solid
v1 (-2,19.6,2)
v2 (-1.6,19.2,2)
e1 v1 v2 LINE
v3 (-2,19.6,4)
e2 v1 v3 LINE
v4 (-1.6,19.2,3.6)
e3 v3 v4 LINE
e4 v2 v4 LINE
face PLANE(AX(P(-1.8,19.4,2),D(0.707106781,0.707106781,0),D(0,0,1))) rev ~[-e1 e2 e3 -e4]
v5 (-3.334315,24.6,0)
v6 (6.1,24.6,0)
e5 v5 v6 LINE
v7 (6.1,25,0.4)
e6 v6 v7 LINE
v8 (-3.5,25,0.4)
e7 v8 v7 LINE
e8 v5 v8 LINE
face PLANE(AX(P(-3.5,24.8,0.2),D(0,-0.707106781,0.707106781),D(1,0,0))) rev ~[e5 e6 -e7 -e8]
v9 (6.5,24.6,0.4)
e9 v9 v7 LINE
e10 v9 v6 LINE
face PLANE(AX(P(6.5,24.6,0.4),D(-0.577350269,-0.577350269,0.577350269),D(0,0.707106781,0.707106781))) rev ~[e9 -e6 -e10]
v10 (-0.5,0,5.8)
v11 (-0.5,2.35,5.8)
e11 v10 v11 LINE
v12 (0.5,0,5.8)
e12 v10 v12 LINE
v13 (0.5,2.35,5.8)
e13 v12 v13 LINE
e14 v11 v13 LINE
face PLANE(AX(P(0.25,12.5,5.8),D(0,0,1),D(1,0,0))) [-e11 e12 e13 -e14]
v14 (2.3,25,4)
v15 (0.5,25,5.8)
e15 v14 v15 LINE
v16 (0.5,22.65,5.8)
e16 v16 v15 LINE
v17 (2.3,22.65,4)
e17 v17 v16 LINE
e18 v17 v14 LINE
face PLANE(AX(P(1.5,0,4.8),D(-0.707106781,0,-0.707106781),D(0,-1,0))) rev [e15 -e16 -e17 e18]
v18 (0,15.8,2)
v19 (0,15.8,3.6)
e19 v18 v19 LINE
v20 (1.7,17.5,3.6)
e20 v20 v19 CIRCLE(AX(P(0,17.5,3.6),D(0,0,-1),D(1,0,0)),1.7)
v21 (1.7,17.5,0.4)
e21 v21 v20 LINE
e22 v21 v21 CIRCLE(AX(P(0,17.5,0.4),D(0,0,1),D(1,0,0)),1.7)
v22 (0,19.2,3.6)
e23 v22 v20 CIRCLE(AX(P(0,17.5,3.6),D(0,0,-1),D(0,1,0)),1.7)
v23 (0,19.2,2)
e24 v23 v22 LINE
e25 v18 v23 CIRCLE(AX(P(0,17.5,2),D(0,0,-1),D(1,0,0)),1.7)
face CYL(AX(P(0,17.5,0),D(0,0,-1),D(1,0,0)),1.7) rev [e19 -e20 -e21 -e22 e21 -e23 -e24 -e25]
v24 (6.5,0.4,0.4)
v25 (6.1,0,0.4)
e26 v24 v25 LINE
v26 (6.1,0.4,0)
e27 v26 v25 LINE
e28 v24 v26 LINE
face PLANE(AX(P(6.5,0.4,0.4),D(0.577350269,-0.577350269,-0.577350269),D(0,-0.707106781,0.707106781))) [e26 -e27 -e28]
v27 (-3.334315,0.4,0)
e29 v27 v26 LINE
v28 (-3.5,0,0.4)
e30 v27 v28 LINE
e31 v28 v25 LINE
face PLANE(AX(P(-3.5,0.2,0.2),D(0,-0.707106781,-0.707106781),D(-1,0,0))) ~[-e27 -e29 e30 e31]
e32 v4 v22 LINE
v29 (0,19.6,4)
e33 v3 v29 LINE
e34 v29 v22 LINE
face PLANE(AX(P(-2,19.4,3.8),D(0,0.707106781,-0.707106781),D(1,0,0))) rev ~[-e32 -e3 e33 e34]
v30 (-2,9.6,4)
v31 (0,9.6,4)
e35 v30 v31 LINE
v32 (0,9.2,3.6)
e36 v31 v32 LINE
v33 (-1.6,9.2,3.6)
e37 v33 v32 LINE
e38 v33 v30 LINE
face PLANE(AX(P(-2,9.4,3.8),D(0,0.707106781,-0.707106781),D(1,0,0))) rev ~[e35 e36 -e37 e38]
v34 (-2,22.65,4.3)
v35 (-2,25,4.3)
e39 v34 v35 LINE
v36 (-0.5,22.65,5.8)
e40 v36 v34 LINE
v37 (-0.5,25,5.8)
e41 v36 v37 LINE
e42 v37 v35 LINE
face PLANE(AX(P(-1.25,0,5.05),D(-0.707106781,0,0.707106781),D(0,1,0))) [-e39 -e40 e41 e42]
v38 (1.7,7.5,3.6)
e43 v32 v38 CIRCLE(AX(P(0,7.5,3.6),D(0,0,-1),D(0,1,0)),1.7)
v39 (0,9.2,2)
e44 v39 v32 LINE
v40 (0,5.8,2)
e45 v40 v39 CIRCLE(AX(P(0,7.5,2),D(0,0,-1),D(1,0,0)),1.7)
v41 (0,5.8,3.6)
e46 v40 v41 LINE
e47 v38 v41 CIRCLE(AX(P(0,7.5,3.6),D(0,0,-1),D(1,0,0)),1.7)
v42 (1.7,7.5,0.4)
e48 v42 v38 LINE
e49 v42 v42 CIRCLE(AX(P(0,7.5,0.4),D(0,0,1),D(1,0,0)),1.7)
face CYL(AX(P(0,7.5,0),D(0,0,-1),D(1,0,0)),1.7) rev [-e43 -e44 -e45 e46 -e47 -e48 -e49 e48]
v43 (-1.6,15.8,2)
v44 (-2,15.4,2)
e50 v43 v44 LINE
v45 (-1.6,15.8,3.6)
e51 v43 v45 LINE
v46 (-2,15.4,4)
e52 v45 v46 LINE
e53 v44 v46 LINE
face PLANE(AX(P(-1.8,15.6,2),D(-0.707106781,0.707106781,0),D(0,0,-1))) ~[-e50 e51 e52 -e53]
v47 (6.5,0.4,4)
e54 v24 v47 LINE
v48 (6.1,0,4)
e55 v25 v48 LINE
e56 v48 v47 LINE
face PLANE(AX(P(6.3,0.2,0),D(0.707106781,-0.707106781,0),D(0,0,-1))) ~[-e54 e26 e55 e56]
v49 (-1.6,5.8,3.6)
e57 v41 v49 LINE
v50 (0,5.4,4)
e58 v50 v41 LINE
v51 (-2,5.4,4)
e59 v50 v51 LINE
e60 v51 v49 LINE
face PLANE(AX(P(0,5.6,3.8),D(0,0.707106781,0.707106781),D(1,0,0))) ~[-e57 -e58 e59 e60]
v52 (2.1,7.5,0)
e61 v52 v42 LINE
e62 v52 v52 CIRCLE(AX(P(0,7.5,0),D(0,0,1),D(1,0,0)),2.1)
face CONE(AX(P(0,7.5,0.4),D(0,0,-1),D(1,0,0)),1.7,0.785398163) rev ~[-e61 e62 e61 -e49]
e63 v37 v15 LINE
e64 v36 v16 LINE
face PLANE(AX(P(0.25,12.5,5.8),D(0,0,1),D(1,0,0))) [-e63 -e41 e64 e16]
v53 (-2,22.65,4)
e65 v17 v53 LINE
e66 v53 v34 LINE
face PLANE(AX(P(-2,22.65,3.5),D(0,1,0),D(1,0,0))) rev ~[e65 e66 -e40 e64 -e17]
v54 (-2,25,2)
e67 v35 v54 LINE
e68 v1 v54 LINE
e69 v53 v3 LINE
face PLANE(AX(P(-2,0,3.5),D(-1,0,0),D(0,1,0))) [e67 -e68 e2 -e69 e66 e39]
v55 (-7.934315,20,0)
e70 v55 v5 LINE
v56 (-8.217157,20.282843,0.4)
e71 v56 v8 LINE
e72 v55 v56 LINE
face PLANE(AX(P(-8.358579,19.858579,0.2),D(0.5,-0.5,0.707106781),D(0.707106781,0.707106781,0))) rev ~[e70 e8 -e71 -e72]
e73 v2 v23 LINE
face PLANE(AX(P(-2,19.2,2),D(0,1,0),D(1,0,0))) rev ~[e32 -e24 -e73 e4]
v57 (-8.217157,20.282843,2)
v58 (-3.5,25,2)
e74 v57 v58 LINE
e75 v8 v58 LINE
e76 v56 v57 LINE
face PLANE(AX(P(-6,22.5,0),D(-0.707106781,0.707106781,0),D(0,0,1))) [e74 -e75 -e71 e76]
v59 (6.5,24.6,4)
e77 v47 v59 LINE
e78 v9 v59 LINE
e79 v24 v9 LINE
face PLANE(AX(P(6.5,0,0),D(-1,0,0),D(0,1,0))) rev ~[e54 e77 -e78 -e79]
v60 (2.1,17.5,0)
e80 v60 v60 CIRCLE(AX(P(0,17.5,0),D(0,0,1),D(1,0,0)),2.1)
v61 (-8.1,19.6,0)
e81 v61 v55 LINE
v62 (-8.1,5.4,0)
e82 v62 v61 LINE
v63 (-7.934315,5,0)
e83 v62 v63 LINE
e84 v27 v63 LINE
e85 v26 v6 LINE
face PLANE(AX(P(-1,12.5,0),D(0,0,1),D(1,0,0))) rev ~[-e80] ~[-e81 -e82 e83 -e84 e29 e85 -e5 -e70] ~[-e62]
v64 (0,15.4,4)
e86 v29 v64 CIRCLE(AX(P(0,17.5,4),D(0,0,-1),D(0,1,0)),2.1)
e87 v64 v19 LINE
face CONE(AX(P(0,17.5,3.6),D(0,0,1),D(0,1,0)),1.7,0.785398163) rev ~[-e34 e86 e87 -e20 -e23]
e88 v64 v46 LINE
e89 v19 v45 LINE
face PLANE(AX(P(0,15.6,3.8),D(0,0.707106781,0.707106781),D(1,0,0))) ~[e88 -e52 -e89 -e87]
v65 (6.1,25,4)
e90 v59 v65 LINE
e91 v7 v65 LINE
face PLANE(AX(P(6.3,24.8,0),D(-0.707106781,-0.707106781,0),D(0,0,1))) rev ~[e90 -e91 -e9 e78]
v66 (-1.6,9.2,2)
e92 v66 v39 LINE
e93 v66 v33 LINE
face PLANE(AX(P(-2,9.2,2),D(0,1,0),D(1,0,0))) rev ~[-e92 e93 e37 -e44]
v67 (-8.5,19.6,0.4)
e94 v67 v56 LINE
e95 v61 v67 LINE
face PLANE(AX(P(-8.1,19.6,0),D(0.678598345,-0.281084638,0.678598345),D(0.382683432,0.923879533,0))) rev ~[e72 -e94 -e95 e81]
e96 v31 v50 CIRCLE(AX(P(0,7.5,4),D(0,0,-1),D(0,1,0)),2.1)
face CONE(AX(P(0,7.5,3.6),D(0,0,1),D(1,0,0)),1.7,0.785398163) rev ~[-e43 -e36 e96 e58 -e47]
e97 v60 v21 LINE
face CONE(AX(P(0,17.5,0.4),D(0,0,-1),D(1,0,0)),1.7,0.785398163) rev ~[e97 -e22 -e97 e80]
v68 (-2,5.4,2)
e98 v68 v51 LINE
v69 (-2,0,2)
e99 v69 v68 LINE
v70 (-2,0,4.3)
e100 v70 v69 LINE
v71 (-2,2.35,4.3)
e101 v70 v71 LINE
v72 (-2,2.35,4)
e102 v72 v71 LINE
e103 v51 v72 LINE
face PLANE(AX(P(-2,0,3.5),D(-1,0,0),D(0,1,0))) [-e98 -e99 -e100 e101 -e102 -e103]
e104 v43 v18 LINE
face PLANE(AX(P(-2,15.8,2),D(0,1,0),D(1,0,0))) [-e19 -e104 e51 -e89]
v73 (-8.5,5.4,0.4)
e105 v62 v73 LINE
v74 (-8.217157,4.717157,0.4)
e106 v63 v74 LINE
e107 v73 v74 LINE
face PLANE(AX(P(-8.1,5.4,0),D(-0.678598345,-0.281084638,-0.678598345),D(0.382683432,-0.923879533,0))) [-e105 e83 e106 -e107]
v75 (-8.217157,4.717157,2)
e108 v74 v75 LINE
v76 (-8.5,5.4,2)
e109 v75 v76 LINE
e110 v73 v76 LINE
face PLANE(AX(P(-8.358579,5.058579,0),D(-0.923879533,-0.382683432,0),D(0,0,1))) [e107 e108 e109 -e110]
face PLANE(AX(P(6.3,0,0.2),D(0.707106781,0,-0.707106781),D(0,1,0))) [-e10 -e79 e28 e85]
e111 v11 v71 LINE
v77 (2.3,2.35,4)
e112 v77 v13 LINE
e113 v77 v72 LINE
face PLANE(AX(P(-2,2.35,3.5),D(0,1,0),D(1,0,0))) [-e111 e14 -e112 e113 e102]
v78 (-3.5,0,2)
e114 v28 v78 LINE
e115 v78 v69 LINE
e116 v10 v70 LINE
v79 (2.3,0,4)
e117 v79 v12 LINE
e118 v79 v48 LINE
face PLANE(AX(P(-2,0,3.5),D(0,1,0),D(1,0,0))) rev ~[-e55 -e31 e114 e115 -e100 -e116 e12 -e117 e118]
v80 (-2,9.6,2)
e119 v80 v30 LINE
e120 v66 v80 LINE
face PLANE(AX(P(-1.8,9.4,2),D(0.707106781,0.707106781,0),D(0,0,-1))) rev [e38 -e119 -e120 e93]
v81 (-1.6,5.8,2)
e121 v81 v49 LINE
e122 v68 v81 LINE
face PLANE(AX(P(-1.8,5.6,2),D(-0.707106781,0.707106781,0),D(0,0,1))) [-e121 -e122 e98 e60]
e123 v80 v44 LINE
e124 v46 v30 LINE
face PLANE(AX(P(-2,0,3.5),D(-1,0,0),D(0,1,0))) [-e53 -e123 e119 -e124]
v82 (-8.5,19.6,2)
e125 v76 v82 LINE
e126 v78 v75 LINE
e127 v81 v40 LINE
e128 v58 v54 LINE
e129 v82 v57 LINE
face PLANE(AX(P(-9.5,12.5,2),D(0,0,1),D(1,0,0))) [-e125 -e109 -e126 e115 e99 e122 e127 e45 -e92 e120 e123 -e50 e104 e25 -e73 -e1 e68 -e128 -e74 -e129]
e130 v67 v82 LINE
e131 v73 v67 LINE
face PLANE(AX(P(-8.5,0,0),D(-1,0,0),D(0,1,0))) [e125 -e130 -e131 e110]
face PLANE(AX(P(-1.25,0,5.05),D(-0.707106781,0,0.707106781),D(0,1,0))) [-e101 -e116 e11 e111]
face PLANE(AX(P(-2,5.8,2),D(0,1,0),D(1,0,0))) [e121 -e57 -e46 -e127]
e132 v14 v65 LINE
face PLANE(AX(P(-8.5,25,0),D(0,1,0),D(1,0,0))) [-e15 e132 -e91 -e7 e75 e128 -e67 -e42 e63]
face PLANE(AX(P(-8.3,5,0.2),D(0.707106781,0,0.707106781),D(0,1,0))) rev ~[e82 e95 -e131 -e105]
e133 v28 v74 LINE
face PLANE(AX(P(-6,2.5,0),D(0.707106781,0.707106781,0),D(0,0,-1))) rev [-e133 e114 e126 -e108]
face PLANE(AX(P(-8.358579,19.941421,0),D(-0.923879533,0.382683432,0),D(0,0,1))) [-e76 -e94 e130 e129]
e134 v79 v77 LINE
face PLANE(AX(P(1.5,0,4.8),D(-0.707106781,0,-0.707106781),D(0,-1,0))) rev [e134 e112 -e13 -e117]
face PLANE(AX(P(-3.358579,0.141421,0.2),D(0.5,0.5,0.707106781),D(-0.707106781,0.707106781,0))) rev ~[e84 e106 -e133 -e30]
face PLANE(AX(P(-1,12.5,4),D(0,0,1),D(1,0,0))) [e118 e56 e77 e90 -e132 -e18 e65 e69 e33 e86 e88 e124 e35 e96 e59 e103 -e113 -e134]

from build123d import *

# Parameters (mm, degrees)
CYLINDER019_R      = 1.7
CYLINDER019_DEPTH  = 10
BOX002006_W        = 2
BOX002006_H        = 3.4
BOX002006_DEPTH    = 8
CYLINDER018_R      = 1.7
CYLINDER018_DEPTH  = 10
BOX002005_W        = 2
BOX002005_H        = 3.4
BOX002005_DEPTH    = 8
BOX002022_W        = 4.5
BOX002022_H        = 20.3
BOX002022_DEPTH    = 2.3
BOX002023_W        = 4.5
BOX002023_H        = 25
BOX002023_DEPTH    = 2.3
CHAMFER012005_SIZE = 2
CHAMFER012006_SIZE = 1.5
BOX002004_W        = 15
BOX002004_H        = 25
BOX002004_DEPTH    = 4
BOX002003_W        = 15
BOX002003_H        = 25
BOX002003_DEPTH    = 4
CHAMFER012007_SIZE = 5
CHAMFER012008_SIZE = 0.4


with BuildPart() as cylinder019:
    # Cylinder019 → Cylinder019 (new body)
    with BuildSketch(Plane(origin=(7.5, 7.5, 0), x_dir=(1, 0, 0), z_dir=(0, 0, 1))):
        Circle(CYLINDER019_R)
    extrude(amount=CYLINDER019_DEPTH)


with BuildPart() as cube008:
    # Box002006 → Box002006 (new body)
    with BuildSketch(Plane(origin=(5.5, 15.8, 2), x_dir=(1, 0, 0), z_dir=(0, 0, 1))):
        with Locations((1, 1.7)):
            Rectangle(BOX002006_W, BOX002006_H)
    extrude(amount=BOX002006_DEPTH)


with BuildPart() as cylinder018:
    # Cylinder018 → Cylinder018 (new body)
    with BuildSketch(Plane(origin=(7.5, 17.5, 0), x_dir=(1, 0, 0), z_dir=(0, 0, 1))):
        Circle(CYLINDER018_R)
    extrude(amount=CYLINDER018_DEPTH)


with BuildPart() as fusion014:
    # Box002005 → Box002005 (new body)
    with BuildSketch(Plane(origin=(5.5, 5.8, 2), x_dir=(1, 0, 0), z_dir=(0, 0, 1))):
        with Locations((1, 1.7)):
            Rectangle(BOX002005_W, BOX002005_H)
    extrude(amount=BOX002005_DEPTH)

    # Fusion014: union Cylinder019, Cube008, Cylinder018
    add(cylinder019.part)
    add(cube008.part)
    add(cylinder018.part)


with BuildPart() as fusion014_1:
    # Fusion014 placement: moved
    add(fusion014.part.moved(Location((-7.5, 0, 0))))


with BuildPart() as cube024:
    # Box002022 → Box002022 (new body)
    with BuildSketch(Plane(origin=(-2, 2.35, 3.5), x_dir=(1, 0, 0), z_dir=(0, 0, 1))):
        with Locations((2.25, 10.15)):
            Rectangle(BOX002022_W, BOX002022_H)
    extrude(amount=BOX002022_DEPTH)


with BuildPart() as cut001038015006:
    # Box002023 → Box002023 (new body)
    with BuildSketch(Plane(origin=(-2, 0, 3.5), x_dir=(1, 0, 0), z_dir=(0, 0, 1))):
        with Locations((2.25, 12.5)):
            Rectangle(BOX002023_W, BOX002023_H)
    extrude(amount=BOX002023_DEPTH)

    # Chamfer012005
    chamfer012005_edges = [cut001038015006.edges().sort_by_distance(p)[0] for p in [
        (2.5, 12.5, 5.8),
    ]]
    chamfer(chamfer012005_edges, length=CHAMFER012005_SIZE)

    # Chamfer012006
    chamfer012006_edges = [cut001038015006.edges().sort_by_distance(p)[0] for p in [
        (-2, 12.5, 5.8),
    ]]
    chamfer(chamfer012006_edges, length=CHAMFER012006_SIZE)

    # Cut001038015006: cut Cube024
    add(cube024.part, mode=Mode.SUBTRACT)


with BuildPart() as cube006:
    # Box002004 → Box002004 (new body)
    with BuildSketch(Plane(origin=(-8.5, 0, 2), x_dir=(1, 0, 0), z_dir=(0, 0, 1))):
        with Locations((7.5, 12.5)):
            Rectangle(BOX002004_W, BOX002004_H)
    extrude(amount=BOX002004_DEPTH)


with BuildPart() as panel_clip:
    # Box002003 → Box002003 (new body)
    with BuildSketch(Plane.XY):
        with Locations((7.5, 12.5)):
            Rectangle(BOX002003_W, BOX002003_H)
    extrude(amount=BOX002003_DEPTH)

    # Cut001014: cut Cube006
    add(cube006.part, mode=Mode.SUBTRACT)


with BuildPart() as panel_clip_1:
    # Cut001014 placement: moved
    add(panel_clip.part.moved(Location((-8.5, 0, 0))))

    # Fusion025019004: union Cut001038015006
    add(cut001038015006.part)

    # Cut001038015007: cut Fusion014
    add(fusion014_1.part, mode=Mode.SUBTRACT)

    # Chamfer012007
    chamfer012007_edges = [panel_clip_1.edges().sort_by_distance(p)[0] for p in [
        (-8.5, 0, 1),
        (-8.5, 25, 1),
    ]]
    chamfer(chamfer012007_edges, length=CHAMFER012007_SIZE)

    # Chamfer012008
    chamfer012008_edges = [panel_clip_1.edges().sort_by_distance(p)[0] for p in [
        (-8.5, 20, 1),
        (-8.5, 5, 1),
        (-8.5, 12.5, 0),
        (-6, 22.5, 0),
        (-6, 2.5, 0),
        (1.5, 0, 0),
        (1.5, 25, 0),
        (6.5, 12.5, 0),
        (-1.7, 7.5, 0),
        (-1.7, 17.5, 0),
        (6.5, 25, 2),
        (-2, 19.2, 3),
        (-2, 9.2, 3),
        (-2, 15.8, 3),
        (6.5, 0, 2),
        (-2, 5.8, 3),
        (1.202082, 8.702082, 4),
        (1.202082, 6.297918, 4),
        (1.202082, 18.702082, 4),
        (1.202082, 16.297918, 4),
        (-1, 5.8, 4),
        (-1, 9.2, 4),
        (-1, 15.8, 4),
        (-1, 19.2, 4),
    ]]
    chamfer(chamfer012008_edges, length=CHAMFER012008_SIZE)


solid = panel_clip_1.part
